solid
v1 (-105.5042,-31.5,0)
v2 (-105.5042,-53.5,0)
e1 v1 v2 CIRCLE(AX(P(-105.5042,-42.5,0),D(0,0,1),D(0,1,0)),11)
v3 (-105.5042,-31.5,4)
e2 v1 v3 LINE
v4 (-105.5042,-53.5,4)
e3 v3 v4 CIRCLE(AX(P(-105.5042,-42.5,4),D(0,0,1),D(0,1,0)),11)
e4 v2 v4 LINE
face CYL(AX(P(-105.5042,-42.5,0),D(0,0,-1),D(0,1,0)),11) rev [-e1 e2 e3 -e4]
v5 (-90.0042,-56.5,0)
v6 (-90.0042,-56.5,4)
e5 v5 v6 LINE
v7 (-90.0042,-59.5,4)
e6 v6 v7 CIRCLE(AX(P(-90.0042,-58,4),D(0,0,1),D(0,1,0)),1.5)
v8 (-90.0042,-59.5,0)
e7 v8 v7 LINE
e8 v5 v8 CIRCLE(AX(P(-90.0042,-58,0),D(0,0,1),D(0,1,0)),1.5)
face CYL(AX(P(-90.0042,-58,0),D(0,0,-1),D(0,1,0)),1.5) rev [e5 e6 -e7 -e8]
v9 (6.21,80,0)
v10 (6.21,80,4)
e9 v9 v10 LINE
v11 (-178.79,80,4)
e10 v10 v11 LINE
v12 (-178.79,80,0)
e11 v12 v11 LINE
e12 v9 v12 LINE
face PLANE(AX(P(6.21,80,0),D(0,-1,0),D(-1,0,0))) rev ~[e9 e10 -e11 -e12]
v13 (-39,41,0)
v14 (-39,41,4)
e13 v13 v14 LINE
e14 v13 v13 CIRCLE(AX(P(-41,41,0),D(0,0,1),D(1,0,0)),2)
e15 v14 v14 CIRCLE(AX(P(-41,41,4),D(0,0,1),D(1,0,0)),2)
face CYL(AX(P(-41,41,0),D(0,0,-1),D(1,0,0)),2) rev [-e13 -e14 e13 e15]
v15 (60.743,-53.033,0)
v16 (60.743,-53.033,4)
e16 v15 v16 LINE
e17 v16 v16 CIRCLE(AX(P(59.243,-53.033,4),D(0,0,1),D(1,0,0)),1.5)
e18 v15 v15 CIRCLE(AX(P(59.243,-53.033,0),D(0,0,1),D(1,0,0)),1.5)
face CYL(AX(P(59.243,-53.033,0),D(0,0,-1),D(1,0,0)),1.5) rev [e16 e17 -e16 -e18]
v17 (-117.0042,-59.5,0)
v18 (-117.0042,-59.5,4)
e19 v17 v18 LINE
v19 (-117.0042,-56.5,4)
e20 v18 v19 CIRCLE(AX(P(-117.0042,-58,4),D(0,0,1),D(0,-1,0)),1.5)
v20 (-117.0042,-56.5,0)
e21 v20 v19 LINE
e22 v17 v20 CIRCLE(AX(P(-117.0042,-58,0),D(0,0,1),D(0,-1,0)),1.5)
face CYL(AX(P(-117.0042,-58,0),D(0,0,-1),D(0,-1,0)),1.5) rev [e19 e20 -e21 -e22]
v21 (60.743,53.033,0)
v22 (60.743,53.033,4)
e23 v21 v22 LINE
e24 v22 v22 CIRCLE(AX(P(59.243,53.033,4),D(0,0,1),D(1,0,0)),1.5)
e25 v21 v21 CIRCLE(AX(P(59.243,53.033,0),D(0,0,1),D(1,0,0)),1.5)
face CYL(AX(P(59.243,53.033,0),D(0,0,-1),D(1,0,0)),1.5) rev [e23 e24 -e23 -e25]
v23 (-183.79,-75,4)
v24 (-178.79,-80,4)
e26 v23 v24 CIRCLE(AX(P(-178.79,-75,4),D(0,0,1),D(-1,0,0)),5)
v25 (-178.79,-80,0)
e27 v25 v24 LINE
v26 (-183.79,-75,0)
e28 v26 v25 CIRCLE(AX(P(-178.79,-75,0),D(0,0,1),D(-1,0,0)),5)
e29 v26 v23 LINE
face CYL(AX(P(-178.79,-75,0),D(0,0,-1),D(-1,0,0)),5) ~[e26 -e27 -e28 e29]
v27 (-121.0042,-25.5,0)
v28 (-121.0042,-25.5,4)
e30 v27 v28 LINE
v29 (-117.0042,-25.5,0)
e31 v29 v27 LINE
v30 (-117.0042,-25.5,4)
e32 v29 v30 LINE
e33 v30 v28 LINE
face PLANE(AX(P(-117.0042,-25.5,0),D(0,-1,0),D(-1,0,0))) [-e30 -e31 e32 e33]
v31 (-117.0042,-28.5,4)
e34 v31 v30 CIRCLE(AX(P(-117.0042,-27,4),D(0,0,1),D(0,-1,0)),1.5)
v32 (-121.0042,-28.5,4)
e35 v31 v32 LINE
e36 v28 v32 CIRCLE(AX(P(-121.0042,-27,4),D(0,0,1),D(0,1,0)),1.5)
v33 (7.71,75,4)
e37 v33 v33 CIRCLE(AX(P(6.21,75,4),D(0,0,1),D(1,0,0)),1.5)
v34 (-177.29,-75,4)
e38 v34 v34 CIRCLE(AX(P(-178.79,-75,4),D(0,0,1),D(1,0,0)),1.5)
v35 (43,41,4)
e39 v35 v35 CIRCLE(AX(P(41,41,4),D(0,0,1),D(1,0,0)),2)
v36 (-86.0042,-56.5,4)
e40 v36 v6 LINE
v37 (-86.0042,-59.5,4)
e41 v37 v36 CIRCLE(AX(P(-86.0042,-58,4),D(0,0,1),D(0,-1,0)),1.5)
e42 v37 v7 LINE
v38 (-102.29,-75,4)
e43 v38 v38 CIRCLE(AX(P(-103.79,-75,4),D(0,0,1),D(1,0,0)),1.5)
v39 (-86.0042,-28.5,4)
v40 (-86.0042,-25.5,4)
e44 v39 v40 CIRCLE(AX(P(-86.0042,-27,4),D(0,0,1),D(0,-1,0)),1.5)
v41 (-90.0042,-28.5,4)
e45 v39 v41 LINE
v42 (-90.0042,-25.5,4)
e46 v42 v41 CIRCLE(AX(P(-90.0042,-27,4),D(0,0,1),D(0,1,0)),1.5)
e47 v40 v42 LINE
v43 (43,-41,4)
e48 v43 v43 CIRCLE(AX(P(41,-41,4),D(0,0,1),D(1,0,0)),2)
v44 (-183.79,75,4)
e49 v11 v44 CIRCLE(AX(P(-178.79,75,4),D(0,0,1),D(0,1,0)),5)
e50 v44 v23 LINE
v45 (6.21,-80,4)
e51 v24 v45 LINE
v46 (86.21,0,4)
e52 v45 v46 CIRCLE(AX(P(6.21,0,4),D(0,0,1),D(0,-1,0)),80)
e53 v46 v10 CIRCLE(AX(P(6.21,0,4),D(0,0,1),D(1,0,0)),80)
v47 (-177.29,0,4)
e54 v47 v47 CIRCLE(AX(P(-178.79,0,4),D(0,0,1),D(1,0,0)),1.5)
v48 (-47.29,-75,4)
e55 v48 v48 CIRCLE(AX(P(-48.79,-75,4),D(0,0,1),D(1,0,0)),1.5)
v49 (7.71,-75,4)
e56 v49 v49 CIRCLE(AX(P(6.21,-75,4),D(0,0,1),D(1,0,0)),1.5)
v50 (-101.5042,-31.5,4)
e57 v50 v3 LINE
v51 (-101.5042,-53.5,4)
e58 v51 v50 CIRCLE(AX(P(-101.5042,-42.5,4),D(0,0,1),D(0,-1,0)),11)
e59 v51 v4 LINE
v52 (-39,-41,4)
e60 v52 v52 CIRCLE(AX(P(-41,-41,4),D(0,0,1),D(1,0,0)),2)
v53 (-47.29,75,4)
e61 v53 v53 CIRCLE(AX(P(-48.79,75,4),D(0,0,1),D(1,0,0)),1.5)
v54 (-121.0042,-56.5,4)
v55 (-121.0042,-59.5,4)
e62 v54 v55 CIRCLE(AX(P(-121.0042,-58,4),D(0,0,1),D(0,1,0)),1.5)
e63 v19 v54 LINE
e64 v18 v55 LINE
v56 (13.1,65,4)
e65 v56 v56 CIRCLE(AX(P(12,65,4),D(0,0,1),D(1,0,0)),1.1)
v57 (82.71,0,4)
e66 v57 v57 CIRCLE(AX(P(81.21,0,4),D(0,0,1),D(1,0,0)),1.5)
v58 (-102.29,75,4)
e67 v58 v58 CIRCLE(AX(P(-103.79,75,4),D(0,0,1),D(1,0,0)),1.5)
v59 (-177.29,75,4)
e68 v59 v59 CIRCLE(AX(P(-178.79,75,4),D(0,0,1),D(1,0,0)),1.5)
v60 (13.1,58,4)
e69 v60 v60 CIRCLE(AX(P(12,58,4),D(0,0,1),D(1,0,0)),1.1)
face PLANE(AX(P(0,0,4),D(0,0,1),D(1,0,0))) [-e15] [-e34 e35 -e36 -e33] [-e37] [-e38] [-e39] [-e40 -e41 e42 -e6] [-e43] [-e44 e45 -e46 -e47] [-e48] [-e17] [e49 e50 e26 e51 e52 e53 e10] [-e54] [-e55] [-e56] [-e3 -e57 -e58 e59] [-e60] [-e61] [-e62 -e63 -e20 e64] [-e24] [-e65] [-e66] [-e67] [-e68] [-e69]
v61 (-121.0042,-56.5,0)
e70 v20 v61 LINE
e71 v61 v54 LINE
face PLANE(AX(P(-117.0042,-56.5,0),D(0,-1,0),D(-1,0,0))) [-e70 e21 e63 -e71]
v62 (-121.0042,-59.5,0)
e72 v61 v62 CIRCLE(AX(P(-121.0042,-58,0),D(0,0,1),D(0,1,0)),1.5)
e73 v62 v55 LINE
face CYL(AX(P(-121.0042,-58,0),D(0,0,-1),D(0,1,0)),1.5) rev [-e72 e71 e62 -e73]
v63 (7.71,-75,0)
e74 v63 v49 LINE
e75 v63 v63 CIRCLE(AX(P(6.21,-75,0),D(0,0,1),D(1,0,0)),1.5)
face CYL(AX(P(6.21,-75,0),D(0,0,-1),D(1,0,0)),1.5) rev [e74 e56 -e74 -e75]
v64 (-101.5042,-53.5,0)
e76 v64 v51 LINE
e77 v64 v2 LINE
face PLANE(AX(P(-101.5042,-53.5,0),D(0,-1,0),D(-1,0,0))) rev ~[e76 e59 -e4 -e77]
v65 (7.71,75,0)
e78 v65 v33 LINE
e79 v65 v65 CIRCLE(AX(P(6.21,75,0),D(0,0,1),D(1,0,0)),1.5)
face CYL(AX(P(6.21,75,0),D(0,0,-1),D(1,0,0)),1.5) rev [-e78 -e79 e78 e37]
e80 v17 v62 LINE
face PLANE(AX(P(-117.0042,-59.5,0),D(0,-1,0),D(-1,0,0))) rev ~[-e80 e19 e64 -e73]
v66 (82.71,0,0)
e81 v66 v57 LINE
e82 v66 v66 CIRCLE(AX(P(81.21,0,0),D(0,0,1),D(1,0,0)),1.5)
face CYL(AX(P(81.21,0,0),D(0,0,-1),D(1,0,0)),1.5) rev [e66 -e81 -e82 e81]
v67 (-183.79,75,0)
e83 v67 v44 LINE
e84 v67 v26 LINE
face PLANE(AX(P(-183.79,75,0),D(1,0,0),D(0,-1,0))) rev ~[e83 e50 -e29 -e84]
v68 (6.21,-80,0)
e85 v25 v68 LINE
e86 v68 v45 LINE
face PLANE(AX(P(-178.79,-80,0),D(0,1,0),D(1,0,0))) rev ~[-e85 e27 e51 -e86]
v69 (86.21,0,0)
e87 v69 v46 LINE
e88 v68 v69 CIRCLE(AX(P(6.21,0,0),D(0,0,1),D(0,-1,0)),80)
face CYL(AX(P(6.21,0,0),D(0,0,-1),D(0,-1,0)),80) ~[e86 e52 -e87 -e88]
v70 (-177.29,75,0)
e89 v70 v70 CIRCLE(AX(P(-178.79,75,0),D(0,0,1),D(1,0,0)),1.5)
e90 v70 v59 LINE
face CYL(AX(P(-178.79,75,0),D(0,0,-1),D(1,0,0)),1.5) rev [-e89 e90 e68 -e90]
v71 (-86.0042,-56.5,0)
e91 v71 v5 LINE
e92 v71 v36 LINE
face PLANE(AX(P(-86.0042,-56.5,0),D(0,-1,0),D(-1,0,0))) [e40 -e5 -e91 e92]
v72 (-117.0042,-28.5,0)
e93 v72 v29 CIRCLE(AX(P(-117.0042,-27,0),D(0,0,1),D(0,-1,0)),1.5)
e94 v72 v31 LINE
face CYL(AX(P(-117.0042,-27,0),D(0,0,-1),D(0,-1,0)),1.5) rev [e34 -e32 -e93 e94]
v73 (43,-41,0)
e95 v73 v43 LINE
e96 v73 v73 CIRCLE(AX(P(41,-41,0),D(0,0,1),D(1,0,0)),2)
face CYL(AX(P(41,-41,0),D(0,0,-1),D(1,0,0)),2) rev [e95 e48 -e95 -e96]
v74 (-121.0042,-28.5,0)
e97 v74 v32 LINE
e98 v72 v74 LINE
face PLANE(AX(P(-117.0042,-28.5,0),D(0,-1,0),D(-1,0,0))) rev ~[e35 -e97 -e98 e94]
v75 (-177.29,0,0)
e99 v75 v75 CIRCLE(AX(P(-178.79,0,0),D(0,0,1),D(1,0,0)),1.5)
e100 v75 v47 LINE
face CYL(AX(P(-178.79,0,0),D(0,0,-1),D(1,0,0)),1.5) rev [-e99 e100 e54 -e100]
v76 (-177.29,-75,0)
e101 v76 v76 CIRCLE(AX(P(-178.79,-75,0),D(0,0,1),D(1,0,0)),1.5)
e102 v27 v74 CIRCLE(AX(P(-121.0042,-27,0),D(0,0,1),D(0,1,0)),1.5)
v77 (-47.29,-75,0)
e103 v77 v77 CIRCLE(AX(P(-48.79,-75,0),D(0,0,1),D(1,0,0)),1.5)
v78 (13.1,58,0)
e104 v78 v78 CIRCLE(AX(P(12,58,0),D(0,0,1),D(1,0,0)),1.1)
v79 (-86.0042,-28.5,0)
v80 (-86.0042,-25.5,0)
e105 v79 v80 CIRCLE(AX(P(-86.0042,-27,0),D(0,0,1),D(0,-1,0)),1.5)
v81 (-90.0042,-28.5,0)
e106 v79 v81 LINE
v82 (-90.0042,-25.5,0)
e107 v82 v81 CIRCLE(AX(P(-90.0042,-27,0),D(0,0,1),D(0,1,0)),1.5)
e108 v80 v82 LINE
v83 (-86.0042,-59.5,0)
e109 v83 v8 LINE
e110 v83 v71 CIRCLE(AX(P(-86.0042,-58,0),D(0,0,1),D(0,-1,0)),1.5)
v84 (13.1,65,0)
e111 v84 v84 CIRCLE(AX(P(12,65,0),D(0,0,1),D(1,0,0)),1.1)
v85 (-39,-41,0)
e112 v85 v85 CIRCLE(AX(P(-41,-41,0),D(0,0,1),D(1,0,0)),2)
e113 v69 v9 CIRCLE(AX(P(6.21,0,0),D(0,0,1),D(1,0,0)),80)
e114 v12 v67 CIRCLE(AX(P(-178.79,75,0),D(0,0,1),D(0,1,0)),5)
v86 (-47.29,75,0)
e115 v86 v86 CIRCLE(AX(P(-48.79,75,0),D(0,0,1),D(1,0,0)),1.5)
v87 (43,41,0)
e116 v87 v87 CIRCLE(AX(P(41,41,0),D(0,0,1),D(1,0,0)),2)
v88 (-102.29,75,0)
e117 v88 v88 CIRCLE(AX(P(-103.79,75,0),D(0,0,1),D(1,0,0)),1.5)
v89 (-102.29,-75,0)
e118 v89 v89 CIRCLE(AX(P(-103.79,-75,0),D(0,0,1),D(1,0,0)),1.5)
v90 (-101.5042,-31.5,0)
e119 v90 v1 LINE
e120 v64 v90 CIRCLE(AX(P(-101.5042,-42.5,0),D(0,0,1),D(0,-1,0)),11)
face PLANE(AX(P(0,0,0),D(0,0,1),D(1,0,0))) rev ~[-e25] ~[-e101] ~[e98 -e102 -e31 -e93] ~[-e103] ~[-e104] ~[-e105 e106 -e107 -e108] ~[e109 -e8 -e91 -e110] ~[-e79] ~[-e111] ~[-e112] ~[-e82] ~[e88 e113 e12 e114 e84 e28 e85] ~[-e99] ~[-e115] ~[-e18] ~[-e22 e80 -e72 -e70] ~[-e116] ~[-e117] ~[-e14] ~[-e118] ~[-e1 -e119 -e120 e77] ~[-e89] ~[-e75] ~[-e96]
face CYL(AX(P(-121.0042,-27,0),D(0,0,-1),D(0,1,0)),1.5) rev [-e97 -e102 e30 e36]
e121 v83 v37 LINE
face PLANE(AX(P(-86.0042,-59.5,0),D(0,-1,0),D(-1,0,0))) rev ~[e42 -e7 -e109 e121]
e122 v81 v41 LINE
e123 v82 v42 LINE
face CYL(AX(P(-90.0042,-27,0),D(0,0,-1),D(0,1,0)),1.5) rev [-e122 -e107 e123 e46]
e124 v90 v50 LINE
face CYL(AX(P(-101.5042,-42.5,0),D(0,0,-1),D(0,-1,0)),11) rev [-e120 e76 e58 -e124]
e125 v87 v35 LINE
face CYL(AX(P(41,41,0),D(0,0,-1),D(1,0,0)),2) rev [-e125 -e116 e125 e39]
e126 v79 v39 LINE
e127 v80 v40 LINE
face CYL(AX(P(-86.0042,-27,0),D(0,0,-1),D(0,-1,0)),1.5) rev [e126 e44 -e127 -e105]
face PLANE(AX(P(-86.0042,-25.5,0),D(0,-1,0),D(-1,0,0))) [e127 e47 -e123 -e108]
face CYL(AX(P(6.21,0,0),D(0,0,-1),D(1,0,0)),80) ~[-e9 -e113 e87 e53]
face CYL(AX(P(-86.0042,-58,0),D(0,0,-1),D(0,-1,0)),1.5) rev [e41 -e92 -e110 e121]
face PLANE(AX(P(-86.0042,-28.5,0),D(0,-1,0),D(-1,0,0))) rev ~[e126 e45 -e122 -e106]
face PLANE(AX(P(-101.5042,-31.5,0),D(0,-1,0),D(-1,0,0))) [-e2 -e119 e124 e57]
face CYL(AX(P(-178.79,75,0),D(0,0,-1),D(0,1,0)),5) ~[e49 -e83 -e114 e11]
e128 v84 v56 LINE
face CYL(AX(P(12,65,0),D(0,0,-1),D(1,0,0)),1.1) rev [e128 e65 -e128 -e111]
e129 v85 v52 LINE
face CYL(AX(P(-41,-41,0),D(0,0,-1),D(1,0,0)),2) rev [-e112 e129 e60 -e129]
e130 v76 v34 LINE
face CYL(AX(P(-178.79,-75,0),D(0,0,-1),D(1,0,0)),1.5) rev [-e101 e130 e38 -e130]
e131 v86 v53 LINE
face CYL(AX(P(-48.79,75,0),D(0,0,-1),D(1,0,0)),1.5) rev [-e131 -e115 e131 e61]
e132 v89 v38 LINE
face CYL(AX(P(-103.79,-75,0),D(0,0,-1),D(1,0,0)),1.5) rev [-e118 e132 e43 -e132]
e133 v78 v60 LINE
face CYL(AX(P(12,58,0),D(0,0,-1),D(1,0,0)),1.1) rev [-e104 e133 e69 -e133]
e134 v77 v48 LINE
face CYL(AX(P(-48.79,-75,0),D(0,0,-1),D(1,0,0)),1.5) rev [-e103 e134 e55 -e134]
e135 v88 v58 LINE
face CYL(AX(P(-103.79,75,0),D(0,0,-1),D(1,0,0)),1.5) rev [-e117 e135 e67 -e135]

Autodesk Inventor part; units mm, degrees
ref_plane "YZ Plane" through (0, 0, 0) normal (1, 0, 0) x (0, 1, 0)
ref_plane "XZ Plane" through (0, 0, 0) normal (0, 1, 0) x (-1, 0, 0)
ref_plane "XY Plane" through (0, 0, 0) normal (0, 0, 1) x (1, 0, 0)
sketch "Sketch1" plane through (0, 0, 0) normal (0, 0, 1) x (1, 0, 0)
  line L0 (-178.79, -80) -> (6.21, -80)
  line L1 (6.21, 80) -> (-178.79, 80)
  line L2 (-183.79, 75) -> (-183.79, -75)
  circle A0 centre (41, 41) radius 2
  circle A1 centre (41, -41) radius 2
  circle A2 centre (-41, -41) radius 2
  circle A3 centre (-41, 41) radius 2
  line L3 (86.21, 0) -> (86.21, 0)
  arc A4 (6.21, -80) -> (86.21, 0) centre (6.21, 0) ccw
  arc A5 (86.21, 0) -> (6.21, 80) centre (6.21, 0) ccw
  circle A6 centre (81.21, 0) radius 1.5
  circle A7 centre (59.243, -53.033) radius 1.5
  circle A8 centre (6.21, -75) radius 1.5
  circle A9 centre (-48.79, -75) radius 1.5
  circle A10 centre (-103.79, -75) radius 1.5
  circle A11 centre (-178.79, -75) radius 1.5
  circle A12 centre (-178.79, 0) radius 1.5
  circle A13 centre (-178.79, 75) radius 1.5
  circle A14 centre (-103.79, 75) radius 1.5
  circle A15 centre (-48.79, 75) radius 1.5
  circle A16 centre (6.21, 75) radius 1.5
  circle A17 centre (59.243, 53.033) radius 1.5
  circle A18 centre (12, 65) radius 1.1
  circle A19 centre (12, 58) radius 1.1
  arc A20 (-117.0042, -28.5) -> (-117.0042, -25.5) centre (-117.0042, -27) ccw
  line L4 (-117.0042, -28.5) -> (-121.0042, -28.5)
  line L5 (-117.0042, -25.5) -> (-121.0042, -25.5)
  arc A21 (-121.0042, -25.5) -> (-121.0042, -28.5) centre (-121.0042, -27) ccw
  arc A22 (-121.0042, -56.5) -> (-121.0042, -59.5) centre (-121.0042, -58) ccw
  line L6 (-117.0042, -59.5) -> (-121.0042, -59.5)
  line L7 (-117.0042, -56.5) -> (-121.0042, -56.5)
  arc A23 (-117.0042, -59.5) -> (-117.0042, -56.5) centre (-117.0042, -58) ccw
  arc A24 (-105.5042, -31.5) -> (-105.5042, -53.5) centre (-105.5042, -42.5) ccw
  arc A25 (-101.5042, -53.5) -> (-101.5042, -31.5) centre (-101.5042, -42.5) ccw
  line L8 (-101.5042, -31.5) -> (-105.5042, -31.5)
  line L9 (-101.5042, -53.5) -> (-105.5042, -53.5)
  arc A26 (-86.0042, -28.5) -> (-86.0042, -25.5) centre (-86.0042, -27) ccw
  line L10 (-86.0042, -28.5) -> (-90.0042, -28.5)
  line L11 (-86.0042, -25.5) -> (-90.0042, -25.5)
  arc A27 (-90.0042, -25.5) -> (-90.0042, -28.5) centre (-90.0042, -27) ccw
  arc A28 (-86.0042, -59.5) -> (-86.0042, -56.5) centre (-86.0042, -58) ccw
  line L12 (-86.0042, -59.5) -> (-90.0042, -59.5)
  line L13 (-86.0042, -56.5) -> (-90.0042, -56.5)
  arc A29 (-90.0042, -56.5) -> (-90.0042, -59.5) centre (-90.0042, -58) ccw
  arc A30 (-183.79, -75) -> (-178.79, -80) centre (-178.79, -75) ccw
  arc A31 (-178.79, 80) -> (-183.79, 75) centre (-178.79, 75) ccw
  point P0 (0, 0)
  point P1 (-183.79, -80)
  point P2 (-183.79, 80)
  point P3 (0, 0)
  point P4 (86.21, 0)
  point P5 (-103.5042, -42.5)
  point P6 (-103.5042, -42.5)
  point P7 (86.21, 0)
  point P8 (-119.0042, -58)
  point P9 (-103.5042, -42.5)
  point P10 (-103.5042, -53.5)
  point P11 (-119.0042, -25.5)
  point P12 (-119.0042, -28.5)
  dimension "d5" = 4
  dimension "d10" = 80
  dimension "d12" = 3
  dimension "d15" = 3
  dimension "d17" = 3
  dimension "d21" = 3
  dimension "d22" = 3
  dimension "d23" = 3
  dimension "d24" = 3
  dimension "d39" = 3
  dimension "d40" = 1.5
  dimension "d41" = 22
  dimension "d42" = 11
  dimension "d44" = 80
  dimension "d45" = 6.21
  dimension "d46" = 183.79
  dimension "d51" = 3
  dimension "d56" = 5
  dimension "d57" = 5
  dimension "d58" = 5
  dimension "d59" = 5
  dimension "d60" = 3
  dimension "d61" = 3
  dimension "d62" = 5
  dimension "d63" = 80
  dimension "d64" = 5
  dimension "d65" = 3
  dimension "d66" = 4
  dimension "d67" = 135
  dimension "d68" = 41
  dimension "d91" = 3
  dimension "d92" = 1.5
  dimension "d96" = 3
  dimension "d97" = 1.5
  dimension "d99" = 41
  dimension "d100" = 82
  dimension "d101" = 4
  dimension "d102" = 4
  dimension "d103" = 82
  dimension "d104" = 7
  dimension "d105" = 3
  dimension "d106" = 6.21
  dimension "d107" = 58
  dimension "d108" = 12
  dimension "d109" = 2.2
  dimension "d110" = 2.2
  dimension "d113" = 37.5
  dimension "d114" = 80.2858
  dimension "d115" = 2
  dimension "d116" = 2
  dimension "d117" = 80.2858
  dimension "d118" = 37.5
  dimension "d119" = 11
  dimension "d120" = 4
  dimension "d124" = 4
  dimension "d125" = 3
  dimension "d126" = 15.5
  dimension "d127" = 15.5
  dimension "d128" = 1.5
  dimension "d129" = 13.5
  dimension "d130" = 2
  dimension "d131" = 2
  dimension "d132" = 1.5
  dimension "d133" = 1.5
extrude "Extrusion1" add sketch "Sketch1" along normal blind 4
equation "\"d15\" = d12"
equation "\"d17\" = d12"
equation "\"d21\" = d12"
equation "\"d22\" = d12"
equation "\"d23\" = d12"
equation "\"d24\" = d12"
equation "\"d39\" = d31"
equation "\"d40\" = 0.5 * d31"
equation "\"d41\" = d9"
equation "\"d42\" = 0.5 * d9"
equation "\"d91\" = d89"
equation "\"d92\" = 0.5 * d89"
equation "\"d96\" = d94"
equation "\"d97\" = 0.5 * d94"
equation "\"d31\" = 3"
equation "\"d9\" = 22"
equation "\"d89\" = 3"
equation "\"d94\" = 3"
properties part number "testbaseup"
